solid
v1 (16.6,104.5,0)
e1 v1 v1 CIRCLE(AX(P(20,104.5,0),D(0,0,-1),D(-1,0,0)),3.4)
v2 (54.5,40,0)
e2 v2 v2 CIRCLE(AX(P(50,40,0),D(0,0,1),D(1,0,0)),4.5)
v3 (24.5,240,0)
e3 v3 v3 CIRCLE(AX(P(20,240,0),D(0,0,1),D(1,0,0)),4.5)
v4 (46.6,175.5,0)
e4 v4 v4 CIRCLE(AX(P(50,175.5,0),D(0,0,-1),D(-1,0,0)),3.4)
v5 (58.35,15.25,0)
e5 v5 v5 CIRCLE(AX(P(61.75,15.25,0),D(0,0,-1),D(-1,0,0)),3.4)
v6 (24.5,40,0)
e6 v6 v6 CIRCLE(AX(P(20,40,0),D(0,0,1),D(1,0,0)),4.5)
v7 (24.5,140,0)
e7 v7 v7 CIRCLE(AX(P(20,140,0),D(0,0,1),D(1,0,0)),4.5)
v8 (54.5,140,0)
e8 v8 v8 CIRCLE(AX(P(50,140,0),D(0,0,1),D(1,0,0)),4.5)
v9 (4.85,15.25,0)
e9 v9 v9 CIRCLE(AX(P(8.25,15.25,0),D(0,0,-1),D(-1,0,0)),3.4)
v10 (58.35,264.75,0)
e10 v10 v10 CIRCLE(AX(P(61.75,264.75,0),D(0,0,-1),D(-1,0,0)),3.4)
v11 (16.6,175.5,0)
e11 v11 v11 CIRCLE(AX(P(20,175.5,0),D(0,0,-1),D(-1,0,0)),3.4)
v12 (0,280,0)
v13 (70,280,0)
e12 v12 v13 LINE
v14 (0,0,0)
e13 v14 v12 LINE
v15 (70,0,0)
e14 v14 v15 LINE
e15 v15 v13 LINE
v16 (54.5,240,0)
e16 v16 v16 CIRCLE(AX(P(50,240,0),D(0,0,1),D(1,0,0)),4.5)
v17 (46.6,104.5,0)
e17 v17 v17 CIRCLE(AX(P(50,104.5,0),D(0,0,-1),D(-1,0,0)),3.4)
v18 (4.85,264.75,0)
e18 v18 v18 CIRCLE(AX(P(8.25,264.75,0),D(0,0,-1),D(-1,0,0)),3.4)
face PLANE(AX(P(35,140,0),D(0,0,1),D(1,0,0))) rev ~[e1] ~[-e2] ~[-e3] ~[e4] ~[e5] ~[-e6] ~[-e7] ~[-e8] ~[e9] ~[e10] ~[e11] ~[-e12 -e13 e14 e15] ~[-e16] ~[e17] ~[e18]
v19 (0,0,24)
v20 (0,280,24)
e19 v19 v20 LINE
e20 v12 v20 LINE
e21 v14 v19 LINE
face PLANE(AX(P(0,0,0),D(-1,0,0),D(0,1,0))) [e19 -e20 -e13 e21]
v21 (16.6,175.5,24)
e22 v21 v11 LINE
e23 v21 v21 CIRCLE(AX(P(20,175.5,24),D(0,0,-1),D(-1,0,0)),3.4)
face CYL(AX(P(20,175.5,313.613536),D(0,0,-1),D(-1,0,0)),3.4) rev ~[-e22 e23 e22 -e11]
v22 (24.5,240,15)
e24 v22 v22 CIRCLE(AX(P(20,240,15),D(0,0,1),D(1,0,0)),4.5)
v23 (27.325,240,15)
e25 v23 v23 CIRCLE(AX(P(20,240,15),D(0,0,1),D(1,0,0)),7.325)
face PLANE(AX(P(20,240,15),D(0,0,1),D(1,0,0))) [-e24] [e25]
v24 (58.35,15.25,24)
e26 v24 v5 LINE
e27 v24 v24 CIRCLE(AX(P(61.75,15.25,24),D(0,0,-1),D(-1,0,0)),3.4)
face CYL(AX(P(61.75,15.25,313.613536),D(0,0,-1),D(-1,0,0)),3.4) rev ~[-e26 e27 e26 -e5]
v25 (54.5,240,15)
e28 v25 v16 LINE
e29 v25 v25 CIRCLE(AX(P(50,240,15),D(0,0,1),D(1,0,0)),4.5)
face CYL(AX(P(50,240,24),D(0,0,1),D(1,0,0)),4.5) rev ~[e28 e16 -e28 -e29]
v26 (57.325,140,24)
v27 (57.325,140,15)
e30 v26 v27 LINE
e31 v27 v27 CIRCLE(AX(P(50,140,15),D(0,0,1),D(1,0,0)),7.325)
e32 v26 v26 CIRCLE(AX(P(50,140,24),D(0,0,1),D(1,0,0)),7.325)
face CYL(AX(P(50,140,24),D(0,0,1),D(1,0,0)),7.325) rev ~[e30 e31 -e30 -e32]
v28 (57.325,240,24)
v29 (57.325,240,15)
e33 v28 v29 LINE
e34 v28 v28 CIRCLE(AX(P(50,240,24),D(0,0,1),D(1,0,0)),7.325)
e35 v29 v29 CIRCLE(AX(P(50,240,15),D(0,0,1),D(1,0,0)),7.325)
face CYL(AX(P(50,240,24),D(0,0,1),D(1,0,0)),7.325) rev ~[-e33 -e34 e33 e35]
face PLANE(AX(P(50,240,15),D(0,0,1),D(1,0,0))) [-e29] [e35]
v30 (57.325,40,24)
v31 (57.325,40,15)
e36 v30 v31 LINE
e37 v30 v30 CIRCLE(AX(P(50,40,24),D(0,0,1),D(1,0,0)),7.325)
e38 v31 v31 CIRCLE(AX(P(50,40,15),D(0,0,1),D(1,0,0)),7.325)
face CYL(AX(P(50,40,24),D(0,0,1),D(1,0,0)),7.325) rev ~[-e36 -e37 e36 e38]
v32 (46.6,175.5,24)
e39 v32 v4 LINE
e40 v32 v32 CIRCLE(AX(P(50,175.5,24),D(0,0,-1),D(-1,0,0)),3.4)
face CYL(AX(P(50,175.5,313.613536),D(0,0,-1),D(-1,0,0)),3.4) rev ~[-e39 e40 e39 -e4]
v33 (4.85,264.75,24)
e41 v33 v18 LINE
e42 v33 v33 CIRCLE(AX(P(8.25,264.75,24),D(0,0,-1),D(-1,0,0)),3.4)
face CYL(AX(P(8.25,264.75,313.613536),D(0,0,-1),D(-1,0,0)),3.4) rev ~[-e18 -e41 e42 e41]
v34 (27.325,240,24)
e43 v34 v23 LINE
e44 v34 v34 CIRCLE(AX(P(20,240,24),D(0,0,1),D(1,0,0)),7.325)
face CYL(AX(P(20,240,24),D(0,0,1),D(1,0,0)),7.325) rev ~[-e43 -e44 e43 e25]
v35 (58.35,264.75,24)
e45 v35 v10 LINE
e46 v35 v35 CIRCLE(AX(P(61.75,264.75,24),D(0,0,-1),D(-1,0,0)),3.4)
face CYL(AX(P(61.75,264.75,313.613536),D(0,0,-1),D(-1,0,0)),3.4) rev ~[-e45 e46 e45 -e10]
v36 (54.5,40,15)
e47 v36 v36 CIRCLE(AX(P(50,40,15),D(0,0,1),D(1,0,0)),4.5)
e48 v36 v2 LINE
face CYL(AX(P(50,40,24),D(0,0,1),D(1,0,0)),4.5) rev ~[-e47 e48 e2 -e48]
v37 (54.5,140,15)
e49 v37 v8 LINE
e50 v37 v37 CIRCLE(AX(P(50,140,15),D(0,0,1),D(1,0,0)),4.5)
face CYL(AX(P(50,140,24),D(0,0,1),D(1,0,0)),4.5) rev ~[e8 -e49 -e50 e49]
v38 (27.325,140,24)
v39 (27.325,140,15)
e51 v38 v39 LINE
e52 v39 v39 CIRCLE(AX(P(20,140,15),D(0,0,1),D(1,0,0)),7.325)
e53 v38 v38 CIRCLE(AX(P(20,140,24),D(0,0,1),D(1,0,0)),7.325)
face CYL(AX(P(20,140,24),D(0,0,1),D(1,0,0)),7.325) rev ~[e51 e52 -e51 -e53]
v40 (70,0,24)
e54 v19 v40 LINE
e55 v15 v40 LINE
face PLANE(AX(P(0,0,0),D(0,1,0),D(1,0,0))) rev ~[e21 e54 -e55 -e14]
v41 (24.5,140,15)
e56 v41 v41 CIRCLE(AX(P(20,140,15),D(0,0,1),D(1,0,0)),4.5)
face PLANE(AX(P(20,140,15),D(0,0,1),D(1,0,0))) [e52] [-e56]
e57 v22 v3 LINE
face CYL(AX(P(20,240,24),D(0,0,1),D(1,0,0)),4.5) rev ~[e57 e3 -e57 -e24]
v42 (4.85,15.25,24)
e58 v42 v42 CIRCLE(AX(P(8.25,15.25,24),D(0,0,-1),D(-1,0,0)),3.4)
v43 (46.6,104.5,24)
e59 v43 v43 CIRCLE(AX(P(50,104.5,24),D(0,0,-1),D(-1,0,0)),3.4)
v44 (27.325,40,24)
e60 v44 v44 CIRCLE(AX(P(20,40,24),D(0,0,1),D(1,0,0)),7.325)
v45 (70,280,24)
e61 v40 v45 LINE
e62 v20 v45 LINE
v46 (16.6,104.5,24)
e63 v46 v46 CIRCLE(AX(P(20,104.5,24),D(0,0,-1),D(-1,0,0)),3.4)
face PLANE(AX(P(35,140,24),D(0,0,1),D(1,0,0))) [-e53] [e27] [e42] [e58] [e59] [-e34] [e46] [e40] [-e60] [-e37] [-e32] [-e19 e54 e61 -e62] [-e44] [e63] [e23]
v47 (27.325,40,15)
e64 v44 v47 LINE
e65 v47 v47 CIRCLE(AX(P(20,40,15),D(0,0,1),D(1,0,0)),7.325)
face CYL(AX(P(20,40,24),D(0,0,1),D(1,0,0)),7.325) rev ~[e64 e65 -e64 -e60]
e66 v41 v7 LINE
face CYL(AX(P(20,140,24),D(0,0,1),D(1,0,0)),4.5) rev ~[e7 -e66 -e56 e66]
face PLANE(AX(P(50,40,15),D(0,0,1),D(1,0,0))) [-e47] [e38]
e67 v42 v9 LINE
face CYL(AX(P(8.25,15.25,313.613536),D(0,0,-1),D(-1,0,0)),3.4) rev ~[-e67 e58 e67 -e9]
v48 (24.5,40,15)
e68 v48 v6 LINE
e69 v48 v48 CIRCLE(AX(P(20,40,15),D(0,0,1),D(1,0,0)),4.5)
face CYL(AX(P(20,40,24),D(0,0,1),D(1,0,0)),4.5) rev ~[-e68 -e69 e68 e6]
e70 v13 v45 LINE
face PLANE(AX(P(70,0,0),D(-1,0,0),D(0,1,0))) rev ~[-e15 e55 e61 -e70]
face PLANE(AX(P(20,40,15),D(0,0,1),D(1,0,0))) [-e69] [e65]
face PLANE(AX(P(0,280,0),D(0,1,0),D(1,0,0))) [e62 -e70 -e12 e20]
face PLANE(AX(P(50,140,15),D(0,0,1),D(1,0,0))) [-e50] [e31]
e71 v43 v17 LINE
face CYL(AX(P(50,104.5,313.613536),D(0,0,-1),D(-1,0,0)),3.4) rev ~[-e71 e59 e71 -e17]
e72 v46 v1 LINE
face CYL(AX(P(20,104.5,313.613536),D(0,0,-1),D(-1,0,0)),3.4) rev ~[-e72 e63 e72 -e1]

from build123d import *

# Parameters (mm, degrees)
F0_W     = 70
F0_H     = 280
F1_DEPTH = 24
F2_R     = 7.325
F3_DEPTH = 9
F4_R     = 4.5
F5_DEPTH = 24.001
F7_D     = 6.8


with BuildPart() as f1:
    # F0 (on Top) → F1 (new body)
    with BuildSketch(Plane.XY):
        with Locations((35, 140)):
            Rectangle(F0_W, F0_H)
    extrude(amount=F1_DEPTH)

    # F2 (on face) → F3 (cut)
    with BuildSketch(Plane.XY.offset(24)):
        with Locations((20, 140)):
            Circle(F2_R)
        with Locations((50, 140)):
            Circle(F2_R)
        with Locations((20, 240)):
            Circle(F2_R)
        with Locations((50, 240)):
            Circle(F2_R)
        with Locations((20, 40)):
            Circle(F2_R)
        with Locations((50, 40)):
            Circle(F2_R)
    extrude(amount=-F3_DEPTH, mode=Mode.SUBTRACT)

    # F4 (on face) → F5 (cut, through all)
    with BuildSketch(Plane.XY.offset(24)):
        with Locations((20, 240)):
            Circle(F4_R)
        with Locations((50, 240)):
            Circle(F4_R)
        with Locations((20, 140)):
            Circle(F4_R)
        with Locations((50, 140)):
            Circle(F4_R)
        with Locations((20, 40)):
            Circle(F4_R)
        with Locations((50, 40)):
            Circle(F4_R)
    extrude(amount=-F5_DEPTH, mode=Mode.SUBTRACT)

    # F7 (through all)
    with Locations(Plane.XY.offset(24)):
        with Locations((8.25, 264.75), (61.75, 264.75), (20, 175.5), (50, 175.5), (20, 104.5), (50, 104.5), (8.25, 15.25), (61.75, 15.25)):
            Hole(F7_D / 2)


solid = f1.part
